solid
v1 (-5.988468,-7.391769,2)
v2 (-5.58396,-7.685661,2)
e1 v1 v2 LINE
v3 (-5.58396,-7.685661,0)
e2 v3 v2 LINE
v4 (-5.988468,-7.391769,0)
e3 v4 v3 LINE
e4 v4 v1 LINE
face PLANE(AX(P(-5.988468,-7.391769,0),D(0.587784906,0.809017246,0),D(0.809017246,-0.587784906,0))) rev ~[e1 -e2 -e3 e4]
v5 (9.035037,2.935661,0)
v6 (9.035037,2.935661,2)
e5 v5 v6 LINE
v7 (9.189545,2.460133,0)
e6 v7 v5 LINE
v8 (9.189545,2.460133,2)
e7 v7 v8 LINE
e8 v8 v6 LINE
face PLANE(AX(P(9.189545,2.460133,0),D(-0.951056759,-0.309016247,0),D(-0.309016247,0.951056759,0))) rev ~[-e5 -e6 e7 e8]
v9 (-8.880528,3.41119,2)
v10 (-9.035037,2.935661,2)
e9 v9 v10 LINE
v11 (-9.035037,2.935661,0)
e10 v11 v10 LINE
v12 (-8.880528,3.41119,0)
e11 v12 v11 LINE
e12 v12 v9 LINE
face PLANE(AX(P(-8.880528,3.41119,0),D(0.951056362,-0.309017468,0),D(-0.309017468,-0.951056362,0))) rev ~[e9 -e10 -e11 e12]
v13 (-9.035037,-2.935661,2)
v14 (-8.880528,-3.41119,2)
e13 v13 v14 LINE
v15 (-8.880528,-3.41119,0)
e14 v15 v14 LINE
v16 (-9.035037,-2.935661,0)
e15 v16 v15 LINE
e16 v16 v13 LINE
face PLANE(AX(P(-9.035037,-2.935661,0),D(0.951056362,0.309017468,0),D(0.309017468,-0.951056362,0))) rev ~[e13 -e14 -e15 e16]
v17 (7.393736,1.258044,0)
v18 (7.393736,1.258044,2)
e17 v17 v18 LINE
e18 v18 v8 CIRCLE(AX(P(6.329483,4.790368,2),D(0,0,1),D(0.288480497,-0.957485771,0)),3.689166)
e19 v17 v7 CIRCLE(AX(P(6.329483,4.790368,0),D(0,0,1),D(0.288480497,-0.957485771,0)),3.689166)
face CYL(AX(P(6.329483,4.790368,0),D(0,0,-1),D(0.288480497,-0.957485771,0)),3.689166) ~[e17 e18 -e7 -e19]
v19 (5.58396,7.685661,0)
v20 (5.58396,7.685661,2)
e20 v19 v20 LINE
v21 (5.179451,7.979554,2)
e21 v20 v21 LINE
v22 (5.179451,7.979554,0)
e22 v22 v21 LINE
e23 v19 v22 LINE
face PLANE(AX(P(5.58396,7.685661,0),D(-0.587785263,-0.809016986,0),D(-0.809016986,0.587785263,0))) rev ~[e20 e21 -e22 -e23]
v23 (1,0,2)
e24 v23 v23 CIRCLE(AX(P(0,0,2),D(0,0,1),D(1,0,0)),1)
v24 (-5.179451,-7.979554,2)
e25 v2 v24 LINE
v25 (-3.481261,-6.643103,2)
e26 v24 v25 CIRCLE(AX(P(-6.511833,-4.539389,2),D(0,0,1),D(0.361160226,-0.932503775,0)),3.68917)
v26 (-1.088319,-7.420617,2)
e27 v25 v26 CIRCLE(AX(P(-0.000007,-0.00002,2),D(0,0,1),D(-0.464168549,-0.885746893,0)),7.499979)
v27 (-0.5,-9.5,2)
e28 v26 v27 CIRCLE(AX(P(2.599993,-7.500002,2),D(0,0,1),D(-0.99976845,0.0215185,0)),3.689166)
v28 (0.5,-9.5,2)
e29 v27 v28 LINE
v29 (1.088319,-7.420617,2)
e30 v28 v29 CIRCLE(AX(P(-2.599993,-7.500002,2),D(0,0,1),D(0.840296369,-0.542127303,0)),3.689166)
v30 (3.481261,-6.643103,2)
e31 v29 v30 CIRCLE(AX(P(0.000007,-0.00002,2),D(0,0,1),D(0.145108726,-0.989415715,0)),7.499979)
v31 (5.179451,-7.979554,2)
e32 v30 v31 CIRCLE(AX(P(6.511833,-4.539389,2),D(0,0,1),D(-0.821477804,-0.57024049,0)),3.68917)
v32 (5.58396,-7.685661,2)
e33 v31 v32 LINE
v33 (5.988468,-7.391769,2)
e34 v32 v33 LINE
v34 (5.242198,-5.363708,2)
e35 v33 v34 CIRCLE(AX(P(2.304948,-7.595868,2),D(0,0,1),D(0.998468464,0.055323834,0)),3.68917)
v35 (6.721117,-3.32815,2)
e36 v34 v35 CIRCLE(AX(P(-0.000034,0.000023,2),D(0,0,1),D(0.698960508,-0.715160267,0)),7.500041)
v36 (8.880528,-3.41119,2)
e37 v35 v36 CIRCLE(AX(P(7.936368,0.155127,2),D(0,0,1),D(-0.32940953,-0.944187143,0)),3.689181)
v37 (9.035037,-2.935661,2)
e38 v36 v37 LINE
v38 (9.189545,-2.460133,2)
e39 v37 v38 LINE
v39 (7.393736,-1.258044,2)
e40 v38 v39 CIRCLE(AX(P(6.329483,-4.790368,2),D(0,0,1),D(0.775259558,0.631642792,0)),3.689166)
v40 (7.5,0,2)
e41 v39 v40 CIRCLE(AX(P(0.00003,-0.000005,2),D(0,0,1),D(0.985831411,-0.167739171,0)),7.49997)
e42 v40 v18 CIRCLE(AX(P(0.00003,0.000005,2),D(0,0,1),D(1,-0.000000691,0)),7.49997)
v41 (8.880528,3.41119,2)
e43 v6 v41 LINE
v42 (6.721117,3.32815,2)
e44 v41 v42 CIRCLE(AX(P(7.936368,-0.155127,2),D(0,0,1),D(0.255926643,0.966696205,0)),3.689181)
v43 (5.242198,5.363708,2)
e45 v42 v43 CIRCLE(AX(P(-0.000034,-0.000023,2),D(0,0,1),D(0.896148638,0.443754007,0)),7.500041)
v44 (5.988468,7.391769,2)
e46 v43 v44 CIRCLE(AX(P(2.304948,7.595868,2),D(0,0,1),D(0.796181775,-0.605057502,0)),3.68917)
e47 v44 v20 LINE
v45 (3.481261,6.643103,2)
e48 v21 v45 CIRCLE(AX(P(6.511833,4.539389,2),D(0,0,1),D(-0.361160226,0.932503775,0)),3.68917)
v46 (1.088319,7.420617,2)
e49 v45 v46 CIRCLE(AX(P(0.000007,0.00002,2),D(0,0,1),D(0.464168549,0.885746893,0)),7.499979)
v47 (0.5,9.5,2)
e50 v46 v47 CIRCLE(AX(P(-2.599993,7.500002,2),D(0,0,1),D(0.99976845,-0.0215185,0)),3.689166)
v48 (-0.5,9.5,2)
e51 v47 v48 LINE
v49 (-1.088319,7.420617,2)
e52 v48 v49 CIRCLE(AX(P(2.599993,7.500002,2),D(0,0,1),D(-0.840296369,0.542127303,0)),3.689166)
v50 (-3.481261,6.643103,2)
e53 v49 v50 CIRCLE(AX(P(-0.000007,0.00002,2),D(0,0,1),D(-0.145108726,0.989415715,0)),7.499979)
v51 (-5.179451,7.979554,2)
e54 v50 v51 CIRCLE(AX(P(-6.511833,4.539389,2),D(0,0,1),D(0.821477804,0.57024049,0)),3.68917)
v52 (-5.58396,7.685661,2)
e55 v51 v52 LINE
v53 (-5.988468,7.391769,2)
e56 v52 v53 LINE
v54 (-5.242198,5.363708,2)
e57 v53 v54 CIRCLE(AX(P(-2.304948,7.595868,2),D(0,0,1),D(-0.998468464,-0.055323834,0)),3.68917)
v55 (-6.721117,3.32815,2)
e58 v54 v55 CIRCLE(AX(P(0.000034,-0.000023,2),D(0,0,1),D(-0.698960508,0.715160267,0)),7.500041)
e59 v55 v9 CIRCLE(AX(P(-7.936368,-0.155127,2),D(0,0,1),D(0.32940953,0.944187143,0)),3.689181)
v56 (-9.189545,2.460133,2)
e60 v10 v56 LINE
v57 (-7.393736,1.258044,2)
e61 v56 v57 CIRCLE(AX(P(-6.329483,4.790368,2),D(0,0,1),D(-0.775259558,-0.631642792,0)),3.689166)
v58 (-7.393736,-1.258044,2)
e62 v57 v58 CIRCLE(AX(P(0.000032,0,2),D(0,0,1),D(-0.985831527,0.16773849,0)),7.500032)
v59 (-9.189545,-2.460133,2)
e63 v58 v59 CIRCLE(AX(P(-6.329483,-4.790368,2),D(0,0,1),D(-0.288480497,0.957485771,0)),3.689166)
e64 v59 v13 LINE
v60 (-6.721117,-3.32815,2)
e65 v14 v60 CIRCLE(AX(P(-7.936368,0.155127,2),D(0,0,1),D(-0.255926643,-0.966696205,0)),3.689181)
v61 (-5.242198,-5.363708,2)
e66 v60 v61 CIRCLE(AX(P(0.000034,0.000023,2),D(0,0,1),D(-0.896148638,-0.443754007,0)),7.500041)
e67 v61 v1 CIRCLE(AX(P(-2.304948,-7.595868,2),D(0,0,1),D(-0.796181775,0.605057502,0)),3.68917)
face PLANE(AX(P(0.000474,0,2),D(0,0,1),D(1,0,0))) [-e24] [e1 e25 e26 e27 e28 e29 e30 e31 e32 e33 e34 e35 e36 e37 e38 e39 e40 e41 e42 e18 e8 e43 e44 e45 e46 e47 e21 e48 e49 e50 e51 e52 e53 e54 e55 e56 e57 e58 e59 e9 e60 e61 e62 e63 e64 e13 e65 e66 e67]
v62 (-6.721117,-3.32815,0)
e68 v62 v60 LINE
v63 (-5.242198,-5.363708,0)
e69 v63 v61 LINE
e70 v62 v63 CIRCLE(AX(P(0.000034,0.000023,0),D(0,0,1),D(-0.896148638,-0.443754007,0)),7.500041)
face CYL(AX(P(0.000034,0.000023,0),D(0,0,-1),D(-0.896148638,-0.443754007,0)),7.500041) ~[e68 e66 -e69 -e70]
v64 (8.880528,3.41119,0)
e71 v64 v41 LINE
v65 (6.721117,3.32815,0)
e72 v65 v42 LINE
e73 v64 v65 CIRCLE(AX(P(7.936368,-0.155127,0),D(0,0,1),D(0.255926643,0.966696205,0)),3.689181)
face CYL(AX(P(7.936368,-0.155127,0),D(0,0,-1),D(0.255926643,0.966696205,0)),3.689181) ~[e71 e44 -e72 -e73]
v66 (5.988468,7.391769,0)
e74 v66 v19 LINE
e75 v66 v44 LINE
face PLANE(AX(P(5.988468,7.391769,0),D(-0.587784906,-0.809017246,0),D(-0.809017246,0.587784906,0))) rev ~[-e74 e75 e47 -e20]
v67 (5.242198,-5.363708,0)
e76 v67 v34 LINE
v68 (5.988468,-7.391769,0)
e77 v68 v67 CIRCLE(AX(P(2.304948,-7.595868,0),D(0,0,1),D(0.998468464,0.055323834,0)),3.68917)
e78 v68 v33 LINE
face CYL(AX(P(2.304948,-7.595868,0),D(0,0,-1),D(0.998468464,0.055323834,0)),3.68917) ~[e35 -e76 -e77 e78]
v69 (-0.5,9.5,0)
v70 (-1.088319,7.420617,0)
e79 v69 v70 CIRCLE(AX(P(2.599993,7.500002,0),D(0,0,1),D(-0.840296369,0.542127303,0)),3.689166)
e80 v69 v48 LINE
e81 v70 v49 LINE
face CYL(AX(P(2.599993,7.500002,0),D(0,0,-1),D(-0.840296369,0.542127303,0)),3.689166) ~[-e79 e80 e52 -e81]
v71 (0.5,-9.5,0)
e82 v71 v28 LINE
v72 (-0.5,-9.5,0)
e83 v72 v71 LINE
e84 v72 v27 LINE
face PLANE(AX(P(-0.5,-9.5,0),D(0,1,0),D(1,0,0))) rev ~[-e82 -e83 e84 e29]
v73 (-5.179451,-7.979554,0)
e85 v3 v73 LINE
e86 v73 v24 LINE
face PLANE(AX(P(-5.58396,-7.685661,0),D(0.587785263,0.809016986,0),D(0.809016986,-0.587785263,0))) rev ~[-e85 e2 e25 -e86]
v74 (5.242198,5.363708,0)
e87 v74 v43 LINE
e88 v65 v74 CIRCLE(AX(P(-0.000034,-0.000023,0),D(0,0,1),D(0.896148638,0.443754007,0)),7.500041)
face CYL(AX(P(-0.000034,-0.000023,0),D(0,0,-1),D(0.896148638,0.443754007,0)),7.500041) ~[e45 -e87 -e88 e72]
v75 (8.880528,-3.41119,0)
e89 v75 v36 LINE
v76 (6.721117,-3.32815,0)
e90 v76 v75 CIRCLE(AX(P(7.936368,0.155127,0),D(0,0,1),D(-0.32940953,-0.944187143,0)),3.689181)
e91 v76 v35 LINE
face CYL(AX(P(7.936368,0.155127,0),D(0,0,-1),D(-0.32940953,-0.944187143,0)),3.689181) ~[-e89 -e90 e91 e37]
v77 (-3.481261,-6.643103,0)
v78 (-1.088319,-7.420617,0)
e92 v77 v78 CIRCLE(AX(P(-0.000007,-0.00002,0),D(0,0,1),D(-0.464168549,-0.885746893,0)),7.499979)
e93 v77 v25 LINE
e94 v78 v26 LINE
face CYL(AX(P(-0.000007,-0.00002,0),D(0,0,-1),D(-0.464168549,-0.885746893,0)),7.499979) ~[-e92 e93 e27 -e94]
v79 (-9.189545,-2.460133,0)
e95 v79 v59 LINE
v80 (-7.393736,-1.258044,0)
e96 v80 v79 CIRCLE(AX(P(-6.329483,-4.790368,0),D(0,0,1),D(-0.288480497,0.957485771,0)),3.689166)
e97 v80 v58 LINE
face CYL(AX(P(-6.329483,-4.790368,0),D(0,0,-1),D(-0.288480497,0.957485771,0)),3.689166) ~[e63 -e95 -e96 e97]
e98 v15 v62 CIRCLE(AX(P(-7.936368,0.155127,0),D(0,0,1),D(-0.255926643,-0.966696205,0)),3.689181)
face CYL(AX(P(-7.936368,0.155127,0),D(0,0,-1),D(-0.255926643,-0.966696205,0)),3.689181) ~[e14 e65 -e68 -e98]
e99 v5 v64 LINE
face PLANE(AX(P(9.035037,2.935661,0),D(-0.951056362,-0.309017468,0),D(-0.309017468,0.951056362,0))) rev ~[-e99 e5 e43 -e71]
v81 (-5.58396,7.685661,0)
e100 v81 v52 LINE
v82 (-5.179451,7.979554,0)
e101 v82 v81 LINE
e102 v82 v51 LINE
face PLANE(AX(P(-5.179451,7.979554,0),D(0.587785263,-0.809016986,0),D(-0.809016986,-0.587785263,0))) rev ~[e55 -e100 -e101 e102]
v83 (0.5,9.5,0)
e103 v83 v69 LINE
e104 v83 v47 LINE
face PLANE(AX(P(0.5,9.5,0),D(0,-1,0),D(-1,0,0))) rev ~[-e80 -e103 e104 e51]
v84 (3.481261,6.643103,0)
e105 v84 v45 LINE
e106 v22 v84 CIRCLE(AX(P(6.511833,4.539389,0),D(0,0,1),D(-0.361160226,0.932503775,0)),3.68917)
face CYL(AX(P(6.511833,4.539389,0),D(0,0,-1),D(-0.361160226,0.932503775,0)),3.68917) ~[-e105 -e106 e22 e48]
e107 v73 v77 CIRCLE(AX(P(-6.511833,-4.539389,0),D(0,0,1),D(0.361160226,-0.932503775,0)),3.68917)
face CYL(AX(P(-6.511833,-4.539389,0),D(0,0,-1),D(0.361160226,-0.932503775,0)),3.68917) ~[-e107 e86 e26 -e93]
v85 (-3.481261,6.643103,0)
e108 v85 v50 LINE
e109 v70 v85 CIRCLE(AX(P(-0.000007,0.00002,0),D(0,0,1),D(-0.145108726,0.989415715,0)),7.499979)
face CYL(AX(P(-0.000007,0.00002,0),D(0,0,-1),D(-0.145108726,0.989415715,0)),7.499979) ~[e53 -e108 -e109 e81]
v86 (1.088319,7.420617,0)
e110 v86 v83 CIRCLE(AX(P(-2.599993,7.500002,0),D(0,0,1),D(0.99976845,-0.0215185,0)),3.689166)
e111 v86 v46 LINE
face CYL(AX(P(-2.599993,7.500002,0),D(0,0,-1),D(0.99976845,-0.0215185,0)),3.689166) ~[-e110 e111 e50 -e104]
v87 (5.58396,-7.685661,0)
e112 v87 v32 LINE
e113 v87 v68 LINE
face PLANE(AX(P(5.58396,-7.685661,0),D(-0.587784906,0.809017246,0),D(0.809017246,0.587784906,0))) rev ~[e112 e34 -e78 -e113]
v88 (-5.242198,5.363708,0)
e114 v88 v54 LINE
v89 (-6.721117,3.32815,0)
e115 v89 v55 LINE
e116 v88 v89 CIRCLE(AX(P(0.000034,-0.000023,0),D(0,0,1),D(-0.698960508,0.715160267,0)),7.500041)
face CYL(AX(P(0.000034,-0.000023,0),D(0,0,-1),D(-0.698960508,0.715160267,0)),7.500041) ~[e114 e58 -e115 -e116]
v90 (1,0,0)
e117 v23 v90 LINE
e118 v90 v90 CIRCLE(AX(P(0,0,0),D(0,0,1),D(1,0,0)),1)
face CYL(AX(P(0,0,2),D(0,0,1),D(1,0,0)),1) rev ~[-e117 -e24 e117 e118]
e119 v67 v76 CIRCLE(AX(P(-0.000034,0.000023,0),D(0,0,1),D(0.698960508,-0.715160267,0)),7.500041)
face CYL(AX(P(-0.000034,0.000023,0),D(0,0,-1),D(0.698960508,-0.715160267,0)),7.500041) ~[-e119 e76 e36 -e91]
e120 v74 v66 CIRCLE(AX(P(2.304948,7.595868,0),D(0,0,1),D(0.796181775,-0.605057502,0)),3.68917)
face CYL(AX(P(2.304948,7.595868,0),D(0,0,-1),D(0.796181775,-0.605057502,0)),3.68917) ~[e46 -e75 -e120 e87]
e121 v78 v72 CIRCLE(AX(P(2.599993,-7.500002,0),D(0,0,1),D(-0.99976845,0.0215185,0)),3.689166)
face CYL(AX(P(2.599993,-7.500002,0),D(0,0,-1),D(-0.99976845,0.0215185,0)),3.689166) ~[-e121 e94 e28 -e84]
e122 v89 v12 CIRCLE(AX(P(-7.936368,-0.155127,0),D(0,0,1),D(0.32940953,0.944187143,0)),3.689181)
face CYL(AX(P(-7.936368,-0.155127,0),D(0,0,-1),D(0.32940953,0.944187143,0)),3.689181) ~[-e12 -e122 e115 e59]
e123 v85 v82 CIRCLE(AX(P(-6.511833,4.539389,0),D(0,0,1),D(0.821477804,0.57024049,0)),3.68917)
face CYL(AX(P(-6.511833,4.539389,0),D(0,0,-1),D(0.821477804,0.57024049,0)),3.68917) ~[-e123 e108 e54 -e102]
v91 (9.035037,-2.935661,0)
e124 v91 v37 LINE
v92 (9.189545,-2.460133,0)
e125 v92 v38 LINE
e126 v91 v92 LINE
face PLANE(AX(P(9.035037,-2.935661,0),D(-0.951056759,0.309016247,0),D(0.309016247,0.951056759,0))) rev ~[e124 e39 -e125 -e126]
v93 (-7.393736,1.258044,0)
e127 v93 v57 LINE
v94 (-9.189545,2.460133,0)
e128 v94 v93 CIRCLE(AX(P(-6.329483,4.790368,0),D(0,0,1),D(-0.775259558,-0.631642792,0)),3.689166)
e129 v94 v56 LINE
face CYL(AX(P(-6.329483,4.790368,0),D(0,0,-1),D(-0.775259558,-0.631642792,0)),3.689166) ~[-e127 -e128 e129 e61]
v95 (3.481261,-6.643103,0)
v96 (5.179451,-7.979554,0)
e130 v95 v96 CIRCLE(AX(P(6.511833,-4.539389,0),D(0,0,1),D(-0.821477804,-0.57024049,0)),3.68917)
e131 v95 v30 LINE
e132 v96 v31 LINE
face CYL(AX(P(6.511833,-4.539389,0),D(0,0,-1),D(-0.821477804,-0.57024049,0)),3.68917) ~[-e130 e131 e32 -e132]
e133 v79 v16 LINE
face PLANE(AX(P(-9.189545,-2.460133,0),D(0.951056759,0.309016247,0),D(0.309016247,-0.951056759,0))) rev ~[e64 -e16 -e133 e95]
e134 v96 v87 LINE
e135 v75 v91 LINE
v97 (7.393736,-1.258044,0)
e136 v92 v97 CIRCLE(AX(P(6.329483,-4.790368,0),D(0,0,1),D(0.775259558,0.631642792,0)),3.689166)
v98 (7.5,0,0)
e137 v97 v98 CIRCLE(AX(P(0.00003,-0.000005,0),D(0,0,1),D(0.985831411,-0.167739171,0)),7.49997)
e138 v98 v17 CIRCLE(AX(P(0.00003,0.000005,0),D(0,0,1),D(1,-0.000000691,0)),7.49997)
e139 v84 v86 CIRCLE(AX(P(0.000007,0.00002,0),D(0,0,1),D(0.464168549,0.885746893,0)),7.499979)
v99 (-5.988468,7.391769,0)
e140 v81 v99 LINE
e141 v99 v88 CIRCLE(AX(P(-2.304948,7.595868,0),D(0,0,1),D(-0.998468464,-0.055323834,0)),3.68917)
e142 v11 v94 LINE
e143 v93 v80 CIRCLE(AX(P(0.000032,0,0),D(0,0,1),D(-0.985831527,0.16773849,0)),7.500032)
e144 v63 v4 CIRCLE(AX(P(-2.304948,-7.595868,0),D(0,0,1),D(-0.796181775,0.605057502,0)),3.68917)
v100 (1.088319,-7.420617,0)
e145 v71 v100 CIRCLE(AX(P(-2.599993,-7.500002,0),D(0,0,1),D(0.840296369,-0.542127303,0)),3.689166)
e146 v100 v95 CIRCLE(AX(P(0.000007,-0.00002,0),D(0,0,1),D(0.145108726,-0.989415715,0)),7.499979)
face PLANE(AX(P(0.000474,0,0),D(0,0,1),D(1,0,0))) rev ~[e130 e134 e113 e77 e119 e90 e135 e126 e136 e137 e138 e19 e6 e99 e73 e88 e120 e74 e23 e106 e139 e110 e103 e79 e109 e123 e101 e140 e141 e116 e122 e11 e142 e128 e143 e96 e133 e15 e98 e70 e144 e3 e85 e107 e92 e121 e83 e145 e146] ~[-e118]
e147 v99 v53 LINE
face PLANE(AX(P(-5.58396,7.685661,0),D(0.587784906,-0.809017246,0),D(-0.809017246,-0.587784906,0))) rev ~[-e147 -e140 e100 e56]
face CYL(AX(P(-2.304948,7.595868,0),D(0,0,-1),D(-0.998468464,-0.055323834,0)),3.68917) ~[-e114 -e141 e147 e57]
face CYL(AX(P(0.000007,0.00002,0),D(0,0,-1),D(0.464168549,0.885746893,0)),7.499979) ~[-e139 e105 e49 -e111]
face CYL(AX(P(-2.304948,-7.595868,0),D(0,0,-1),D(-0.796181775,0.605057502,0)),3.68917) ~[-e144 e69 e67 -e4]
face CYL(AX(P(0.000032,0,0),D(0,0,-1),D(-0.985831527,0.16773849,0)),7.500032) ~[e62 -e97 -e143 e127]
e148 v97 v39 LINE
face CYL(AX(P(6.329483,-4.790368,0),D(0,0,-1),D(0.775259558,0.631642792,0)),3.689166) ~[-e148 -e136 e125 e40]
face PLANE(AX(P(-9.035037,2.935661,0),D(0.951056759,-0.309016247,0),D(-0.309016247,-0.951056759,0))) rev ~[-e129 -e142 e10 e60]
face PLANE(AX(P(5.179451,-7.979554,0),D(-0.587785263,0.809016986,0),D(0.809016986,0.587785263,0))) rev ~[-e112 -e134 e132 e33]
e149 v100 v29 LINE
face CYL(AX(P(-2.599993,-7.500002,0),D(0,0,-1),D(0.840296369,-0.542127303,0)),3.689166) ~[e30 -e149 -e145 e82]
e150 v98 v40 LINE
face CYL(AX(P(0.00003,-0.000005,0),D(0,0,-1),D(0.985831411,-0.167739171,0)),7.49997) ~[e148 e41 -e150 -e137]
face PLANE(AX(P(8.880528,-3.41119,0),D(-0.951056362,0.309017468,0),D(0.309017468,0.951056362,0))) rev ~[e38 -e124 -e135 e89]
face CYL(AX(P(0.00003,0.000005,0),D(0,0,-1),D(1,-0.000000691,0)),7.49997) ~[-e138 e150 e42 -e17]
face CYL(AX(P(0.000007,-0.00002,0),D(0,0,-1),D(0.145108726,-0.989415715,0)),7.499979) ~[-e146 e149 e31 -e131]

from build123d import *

# Parameters (mm, degrees)
F1_DEPTH = 2
F2_R     = 1
F3_DEPTH = 2.001


with BuildPart() as f1:
    # F0 (on Top) → F1 (new body)
    with BuildSketch(Plane.XY):
        with BuildLine():
            ThreePointArc((7.393736, -1.258044), (7.473387, -0.631262), (7.5, 0))
            ThreePointArc((7.5, 0), (7.473387, 0.631262), (7.393736, 1.258044))
            ThreePointArc((7.393736, 1.258044), (7.132924, 2.317627), (6.721117, 3.32815))
            ThreePointArc((6.721117, 3.32815), (6.067627, 4.408389), (5.242198, 5.363708))
            ThreePointArc((5.242198, 5.363708), (4.408389, 6.067627), (3.481261, 6.643103))
            ThreePointArc((3.481261, 6.643103), (2.317627, 7.132924), (1.088319, 7.420617))
            ThreePointArc((1.088319, 7.420617), (0, 7.5), (-1.088319, 7.420617))
            ThreePointArc((-1.088319, 7.420617), (-2.317627, 7.132924), (-3.481261, 6.643103))
            ThreePointArc((-3.481261, 6.643103), (-4.408389, 6.067627), (-5.242198, 5.363708))
            ThreePointArc((-5.242198, 5.363708), (-6.067627, 4.408389), (-6.721117, 3.32815))
            ThreePointArc((-6.721117, 3.32815), (-7.132924, 2.317627), (-7.393736, 1.258044))
            ThreePointArc((-7.393736, 1.258044), (-7.5, 0), (-7.393736, -1.258044))
            ThreePointArc((-7.393736, -1.258044), (-7.132924, -2.317627), (-6.721117, -3.32815))
            ThreePointArc((-6.721117, -3.32815), (-6.067627, -4.408389), (-5.242198, -5.363708))
            ThreePointArc((-5.242198, -5.363708), (-4.408389, -6.067627), (-3.481261, -6.643103))
            ThreePointArc((-3.481261, -6.643103), (-2.317627, -7.132924), (-1.088319, -7.420617))
            ThreePointArc((-1.088319, -7.420617), (0, -7.5), (1.088319, -7.420617))
            ThreePointArc((1.088319, -7.420617), (2.317627, -7.132924), (3.481261, -6.643103))
            ThreePointArc((3.481261, -6.643103), (4.408389, -6.067627), (5.242198, -5.363708))
            ThreePointArc((5.242198, -5.363708), (6.067627, -4.408389), (6.721117, -3.32815))
            ThreePointArc((6.721117, -3.32815), (7.132924, -2.317627), (7.393736, -1.258044))
        make_face()
        with BuildLine():
            ThreePointArc((6.721117, 3.32815), (7.132924, 2.317627), (7.393736, 1.258044))
            ThreePointArc((7.393736, 1.258044), (8.381632, 1.724649), (9.189545, 2.460133))
            Line((9.189545, 2.460133), (9.035037, 2.935661))
            Line((9.035037, 2.935661), (8.880528, 3.41119))
            ThreePointArc((8.880528, 3.41119), (7.794606, 3.531329), (6.721117, 3.32815))
        make_face()
        with BuildLine():
            ThreePointArc((9.189545, -2.460133), (8.381632, -1.724649), (7.393736, -1.258044))
            ThreePointArc((7.393736, -1.258044), (7.132924, -2.317627), (6.721117, -3.32815))
            ThreePointArc((6.721117, -3.32815), (7.794606, -3.531329), (8.880528, -3.41119))
            Line((8.880528, -3.41119), (9.035037, -2.935661))
            Line((9.035037, -2.935661), (9.189545, -2.460133))
        make_face()
        with BuildLine():
            ThreePointArc((3.481261, 6.643103), (4.408389, 6.067627), (5.242198, 5.363708))
            ThreePointArc((5.242198, 5.363708), (5.767159, 6.32187), (5.988468, 7.391769))
            Line((5.988468, 7.391769), (5.58396, 7.685661))
            Line((5.58396, 7.685661), (5.179451, 7.979554))
            ThreePointArc((5.179451, 7.979554), (4.230306, 7.43846), (3.481261, 6.643103))
        make_face()
        with BuildLine():
            ThreePointArc((5.988468, -7.391769), (5.767159, -6.32187), (5.242198, -5.363708))
            ThreePointArc((5.242198, -5.363708), (4.408389, -6.067627), (3.481261, -6.643103))
            ThreePointArc((3.481261, -6.643103), (4.230306, -7.43846), (5.179451, -7.979554))
            Line((5.179451, -7.979554), (5.58396, -7.685661))
            Line((5.58396, -7.685661), (5.988468, -7.391769))
        make_face()
        with BuildLine():
            ThreePointArc((-1.088319, 7.420617), (0, 7.5), (1.088319, 7.420617))
            ThreePointArc((1.088319, 7.420617), (0.949828, 8.504352), (0.5, 9.5))
            Line((0.5, 9.5), (0, 9.5))
            Line((0, 9.5), (-0.5, 9.5))
            ThreePointArc((-0.5, 9.5), (-0.949828, 8.504352), (-1.088319, 7.420617))
        make_face()
        with BuildLine():
            ThreePointArc((0.5, -9.5), (0.949828, -8.504352), (1.088319, -7.420617))
            ThreePointArc((1.088319, -7.420617), (0, -7.5), (-1.088319, -7.420617))
            ThreePointArc((-1.088319, -7.420617), (-0.949828, -8.504352), (-0.5, -9.5))
            Line((-0.5, -9.5), (0, -9.5))
            Line((0, -9.5), (0.5, -9.5))
        make_face()
        with BuildLine():
            ThreePointArc((-5.242198, 5.363708), (-4.408389, 6.067627), (-3.481261, 6.643103))
            ThreePointArc((-3.481261, 6.643103), (-4.230306, 7.43846), (-5.179451, 7.979554))
            Line((-5.179451, 7.979554), (-5.58396, 7.685661))
            Line((-5.58396, 7.685661), (-5.988468, 7.391769))
            ThreePointArc((-5.988468, 7.391769), (-5.767159, 6.32187), (-5.242198, 5.363708))
        make_face()
        with BuildLine():
            ThreePointArc((-5.179451, -7.979554), (-4.230306, -7.43846), (-3.481261, -6.643103))
            ThreePointArc((-3.481261, -6.643103), (-4.408389, -6.067627), (-5.242198, -5.363708))
            ThreePointArc((-5.242198, -5.363708), (-5.767159, -6.32187), (-5.988468, -7.391769))
            Line((-5.988468, -7.391769), (-5.58396, -7.685661))
            Line((-5.58396, -7.685661), (-5.179451, -7.979554))
        make_face()
        with BuildLine():
            ThreePointArc((-7.393736, 1.258044), (-7.132924, 2.317627), (-6.721117, 3.32815))
            ThreePointArc((-6.721117, 3.32815), (-7.794606, 3.531329), (-8.880528, 3.41119))
            Line((-8.880528, 3.41119), (-9.035037, 2.935661))
            Line((-9.035037, 2.935661), (-9.189545, 2.460133))
            ThreePointArc((-9.189545, 2.460133), (-8.381632, 1.724649), (-7.393736, 1.258044))
        make_face()
        with BuildLine():
            ThreePointArc((-8.880528, -3.41119), (-7.794606, -3.531329), (-6.721117, -3.32815))
            ThreePointArc((-6.721117, -3.32815), (-7.132924, -2.317627), (-7.393736, -1.258044))
            ThreePointArc((-7.393736, -1.258044), (-8.381632, -1.724649), (-9.189545, -2.460133))
            Line((-9.189545, -2.460133), (-9.035037, -2.935661))
            Line((-9.035037, -2.935661), (-8.880528, -3.41119))
        make_face()
    extrude(amount=F1_DEPTH)

    # F2 (on face) → F3 (cut, through all)
    with BuildSketch(Plane.XY.offset(2)):
        Circle(F2_R)
    extrude(amount=-F3_DEPTH, mode=Mode.SUBTRACT)


solid = f1.part
